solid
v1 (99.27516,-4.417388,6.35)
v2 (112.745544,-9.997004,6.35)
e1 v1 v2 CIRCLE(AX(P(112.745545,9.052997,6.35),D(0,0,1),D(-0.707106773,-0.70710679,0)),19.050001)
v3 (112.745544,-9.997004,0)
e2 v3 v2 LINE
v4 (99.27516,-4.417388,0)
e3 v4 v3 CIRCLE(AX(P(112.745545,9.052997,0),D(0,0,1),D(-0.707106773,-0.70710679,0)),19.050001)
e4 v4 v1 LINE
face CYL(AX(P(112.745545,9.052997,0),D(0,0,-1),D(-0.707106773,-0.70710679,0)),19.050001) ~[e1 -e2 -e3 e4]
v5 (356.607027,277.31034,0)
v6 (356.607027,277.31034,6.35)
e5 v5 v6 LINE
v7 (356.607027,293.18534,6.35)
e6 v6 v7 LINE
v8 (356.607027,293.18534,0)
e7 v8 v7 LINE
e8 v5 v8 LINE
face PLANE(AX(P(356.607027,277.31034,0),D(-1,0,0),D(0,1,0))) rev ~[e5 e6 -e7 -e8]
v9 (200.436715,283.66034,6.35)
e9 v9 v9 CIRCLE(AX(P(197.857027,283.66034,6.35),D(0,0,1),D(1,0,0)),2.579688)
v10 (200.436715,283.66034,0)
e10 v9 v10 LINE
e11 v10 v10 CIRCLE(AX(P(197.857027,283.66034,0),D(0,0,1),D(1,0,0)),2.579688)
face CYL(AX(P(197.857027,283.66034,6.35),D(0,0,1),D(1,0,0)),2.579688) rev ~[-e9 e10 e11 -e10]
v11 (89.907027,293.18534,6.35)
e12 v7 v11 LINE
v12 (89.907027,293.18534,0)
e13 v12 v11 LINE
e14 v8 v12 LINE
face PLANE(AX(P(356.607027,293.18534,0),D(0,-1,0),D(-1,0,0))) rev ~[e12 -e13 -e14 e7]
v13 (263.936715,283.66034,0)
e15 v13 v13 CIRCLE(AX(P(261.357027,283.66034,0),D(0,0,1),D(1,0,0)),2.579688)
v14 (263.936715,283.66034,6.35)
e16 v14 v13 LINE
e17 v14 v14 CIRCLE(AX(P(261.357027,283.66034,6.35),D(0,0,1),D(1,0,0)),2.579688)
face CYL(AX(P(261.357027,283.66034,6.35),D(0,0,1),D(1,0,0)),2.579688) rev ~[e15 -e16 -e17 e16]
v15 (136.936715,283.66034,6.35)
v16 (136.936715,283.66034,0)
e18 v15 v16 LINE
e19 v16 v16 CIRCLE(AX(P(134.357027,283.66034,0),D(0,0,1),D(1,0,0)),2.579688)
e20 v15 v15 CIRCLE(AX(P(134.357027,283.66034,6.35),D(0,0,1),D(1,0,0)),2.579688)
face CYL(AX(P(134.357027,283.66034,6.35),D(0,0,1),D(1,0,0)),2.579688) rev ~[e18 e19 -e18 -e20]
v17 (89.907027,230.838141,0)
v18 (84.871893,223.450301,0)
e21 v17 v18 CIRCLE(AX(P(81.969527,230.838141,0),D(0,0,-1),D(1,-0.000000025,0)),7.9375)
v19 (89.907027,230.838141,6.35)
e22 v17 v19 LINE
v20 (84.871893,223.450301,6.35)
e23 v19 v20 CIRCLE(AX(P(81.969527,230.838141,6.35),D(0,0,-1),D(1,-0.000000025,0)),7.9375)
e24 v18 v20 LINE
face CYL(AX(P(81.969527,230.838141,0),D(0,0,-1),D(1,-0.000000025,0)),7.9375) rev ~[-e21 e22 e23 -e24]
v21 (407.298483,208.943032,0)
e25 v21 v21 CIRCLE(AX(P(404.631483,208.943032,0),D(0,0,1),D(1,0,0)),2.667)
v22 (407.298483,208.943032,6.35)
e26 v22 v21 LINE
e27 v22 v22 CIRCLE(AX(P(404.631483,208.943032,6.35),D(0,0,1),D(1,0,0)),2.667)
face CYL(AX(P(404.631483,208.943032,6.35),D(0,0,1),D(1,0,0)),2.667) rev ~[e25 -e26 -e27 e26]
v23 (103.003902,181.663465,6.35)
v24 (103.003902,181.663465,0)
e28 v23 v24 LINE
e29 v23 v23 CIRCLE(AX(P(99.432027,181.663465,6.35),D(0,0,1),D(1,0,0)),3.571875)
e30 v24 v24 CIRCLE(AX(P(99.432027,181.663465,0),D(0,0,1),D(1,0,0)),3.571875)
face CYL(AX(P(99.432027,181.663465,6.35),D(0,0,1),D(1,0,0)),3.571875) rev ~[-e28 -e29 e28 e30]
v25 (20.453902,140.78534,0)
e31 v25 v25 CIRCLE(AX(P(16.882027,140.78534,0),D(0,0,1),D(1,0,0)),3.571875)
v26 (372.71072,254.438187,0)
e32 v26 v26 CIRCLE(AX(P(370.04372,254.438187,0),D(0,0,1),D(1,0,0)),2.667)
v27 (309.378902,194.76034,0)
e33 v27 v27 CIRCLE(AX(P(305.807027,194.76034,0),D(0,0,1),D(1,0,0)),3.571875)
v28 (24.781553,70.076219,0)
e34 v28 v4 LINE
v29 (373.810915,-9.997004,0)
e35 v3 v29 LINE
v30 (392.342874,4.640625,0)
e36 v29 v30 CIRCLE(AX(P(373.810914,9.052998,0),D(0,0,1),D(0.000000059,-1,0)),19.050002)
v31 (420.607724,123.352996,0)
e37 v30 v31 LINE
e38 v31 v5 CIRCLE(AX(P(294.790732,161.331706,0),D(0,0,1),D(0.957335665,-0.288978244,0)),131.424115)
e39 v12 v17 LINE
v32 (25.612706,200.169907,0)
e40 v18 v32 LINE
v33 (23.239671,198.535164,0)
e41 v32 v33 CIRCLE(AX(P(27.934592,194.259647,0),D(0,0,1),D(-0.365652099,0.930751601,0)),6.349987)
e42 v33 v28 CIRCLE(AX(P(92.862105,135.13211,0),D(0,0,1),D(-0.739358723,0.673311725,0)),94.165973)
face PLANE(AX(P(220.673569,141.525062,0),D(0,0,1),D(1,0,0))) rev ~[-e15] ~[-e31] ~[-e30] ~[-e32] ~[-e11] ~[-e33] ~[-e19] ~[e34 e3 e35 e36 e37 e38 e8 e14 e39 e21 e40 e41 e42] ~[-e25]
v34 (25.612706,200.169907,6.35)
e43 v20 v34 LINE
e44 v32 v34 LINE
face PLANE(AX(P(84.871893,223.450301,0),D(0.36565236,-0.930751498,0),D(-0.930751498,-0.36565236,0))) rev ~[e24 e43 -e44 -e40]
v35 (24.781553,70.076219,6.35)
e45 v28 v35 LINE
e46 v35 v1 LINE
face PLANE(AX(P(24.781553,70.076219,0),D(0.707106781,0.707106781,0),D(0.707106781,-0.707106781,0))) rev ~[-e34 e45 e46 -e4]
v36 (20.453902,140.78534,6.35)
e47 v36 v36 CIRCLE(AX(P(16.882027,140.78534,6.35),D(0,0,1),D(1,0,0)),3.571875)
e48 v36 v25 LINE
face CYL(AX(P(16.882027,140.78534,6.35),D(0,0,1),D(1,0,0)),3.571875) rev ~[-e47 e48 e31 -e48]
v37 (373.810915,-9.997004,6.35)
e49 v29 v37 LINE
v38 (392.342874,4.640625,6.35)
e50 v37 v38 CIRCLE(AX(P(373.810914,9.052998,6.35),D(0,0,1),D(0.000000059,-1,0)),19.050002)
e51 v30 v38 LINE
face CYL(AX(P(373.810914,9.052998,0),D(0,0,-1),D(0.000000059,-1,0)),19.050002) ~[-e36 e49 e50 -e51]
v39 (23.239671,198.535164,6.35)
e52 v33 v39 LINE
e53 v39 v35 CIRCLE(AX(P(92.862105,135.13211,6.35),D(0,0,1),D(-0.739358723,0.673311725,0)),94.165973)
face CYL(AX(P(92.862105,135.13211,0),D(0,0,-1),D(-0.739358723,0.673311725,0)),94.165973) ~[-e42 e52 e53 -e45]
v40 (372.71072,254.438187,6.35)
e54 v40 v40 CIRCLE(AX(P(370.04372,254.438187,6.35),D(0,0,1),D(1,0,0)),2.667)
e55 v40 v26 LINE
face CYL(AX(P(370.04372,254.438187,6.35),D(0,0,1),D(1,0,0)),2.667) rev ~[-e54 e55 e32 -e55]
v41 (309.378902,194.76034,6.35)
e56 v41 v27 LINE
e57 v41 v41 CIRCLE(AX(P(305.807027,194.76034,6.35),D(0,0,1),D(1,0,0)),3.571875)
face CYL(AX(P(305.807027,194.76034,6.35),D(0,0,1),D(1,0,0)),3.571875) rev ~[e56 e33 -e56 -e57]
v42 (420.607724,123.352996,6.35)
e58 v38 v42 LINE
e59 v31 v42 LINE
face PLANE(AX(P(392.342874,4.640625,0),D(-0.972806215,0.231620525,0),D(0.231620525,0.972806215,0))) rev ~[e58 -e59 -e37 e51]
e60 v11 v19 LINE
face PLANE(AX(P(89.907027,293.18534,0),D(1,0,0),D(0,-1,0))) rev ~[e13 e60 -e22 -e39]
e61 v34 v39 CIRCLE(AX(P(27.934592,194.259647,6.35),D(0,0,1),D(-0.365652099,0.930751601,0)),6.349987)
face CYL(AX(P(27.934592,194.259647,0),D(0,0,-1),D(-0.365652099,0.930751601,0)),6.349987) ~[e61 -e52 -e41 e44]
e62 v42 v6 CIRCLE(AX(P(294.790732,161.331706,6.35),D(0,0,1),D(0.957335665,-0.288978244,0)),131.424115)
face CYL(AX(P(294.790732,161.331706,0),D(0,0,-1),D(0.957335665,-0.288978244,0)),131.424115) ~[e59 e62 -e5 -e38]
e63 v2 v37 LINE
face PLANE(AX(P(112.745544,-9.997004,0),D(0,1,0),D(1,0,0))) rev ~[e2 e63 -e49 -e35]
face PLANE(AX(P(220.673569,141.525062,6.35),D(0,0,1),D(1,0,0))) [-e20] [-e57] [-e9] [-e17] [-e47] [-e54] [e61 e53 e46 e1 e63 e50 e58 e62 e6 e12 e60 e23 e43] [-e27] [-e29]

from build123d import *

# Parameters (mm, degrees)
F1_DEPTH = 6.35
F2_R     = 2.579688
F3_DEPTH = 6.35
F4_R     = 3.571875
F5_DEPTH = 9.525
F6_R     = 2.667
F7_DEPTH = 7.62


with BuildPart() as f1:
    # F0 (on Top) → F1 (new body)
    with BuildSketch(Plane.XY):
        with BuildLine():
            Line((356.607027, 293.18534), (89.907027, 293.18534))
            Line((89.907027, 293.18534), (89.907027, 230.838141))
            ThreePointArc((89.907027, 230.838141), (88.528545, 226.367885), (84.871893, 223.450301))
            Line((84.871893, 223.450301), (25.612706, 200.169907))
            ThreePointArc((25.612706, 200.169907), (24.332233, 199.488924), (23.239671, 198.535164))
            ThreePointArc((23.239671, 198.535164), (-1.297086, 134.001926), (24.781553, 70.076219))
            Line((24.781553, 70.076219), (99.27516, -4.417388))
            ThreePointArc((99.27516, -4.417388), (105.455425, -8.546909), (112.745544, -9.997004))
            Line((112.745544, -9.997004), (373.810915, -9.997004))
            ThreePointArc((373.810915, -9.997004), (385.618685, -5.89622), (392.342874, 4.640625))
            Line((392.342874, 4.640625), (420.607724, 123.352996))
            ThreePointArc((420.607724, 123.352996), (416.146731, 211.779891), (356.607027, 277.31034))
            Line((356.607027, 277.31034), (356.607027, 293.18534))
        make_face()
    extrude(amount=F1_DEPTH)

    # F2 (on face) → F3 (cut, through all)
    with BuildSketch(Plane.XY.offset(6.35)):
        with Locations((261.357027, 283.66034)):
            Circle(F2_R)
        with Locations((197.857027, 283.66034)):
            Circle(F2_R)
        with Locations((134.357027, 283.66034)):
            Circle(F2_R)
    extrude(amount=-F3_DEPTH, mode=Mode.SUBTRACT)

    # F4 (on face) → F5 (cut)
    with BuildSketch(Plane.XY.offset(6.35)):
        with Locations((99.432027, 181.663465)):
            Circle(F4_R)
        with Locations((16.882027, 140.78534)):
            Circle(F4_R)
        with Locations((305.807027, 194.76034)):
            Circle(F4_R)
    extrude(amount=-F5_DEPTH, mode=Mode.SUBTRACT)

    # F6 (on face) → F7 (cut)
    with BuildSketch(Plane.XY.offset(6.35)):
        with Locations((370.04372, 254.438187)):
            Circle(F6_R)
        with Locations((404.631483, 208.943032)):
            Circle(F6_R)
    extrude(amount=-F7_DEPTH, mode=Mode.SUBTRACT)


solid = f1.part
